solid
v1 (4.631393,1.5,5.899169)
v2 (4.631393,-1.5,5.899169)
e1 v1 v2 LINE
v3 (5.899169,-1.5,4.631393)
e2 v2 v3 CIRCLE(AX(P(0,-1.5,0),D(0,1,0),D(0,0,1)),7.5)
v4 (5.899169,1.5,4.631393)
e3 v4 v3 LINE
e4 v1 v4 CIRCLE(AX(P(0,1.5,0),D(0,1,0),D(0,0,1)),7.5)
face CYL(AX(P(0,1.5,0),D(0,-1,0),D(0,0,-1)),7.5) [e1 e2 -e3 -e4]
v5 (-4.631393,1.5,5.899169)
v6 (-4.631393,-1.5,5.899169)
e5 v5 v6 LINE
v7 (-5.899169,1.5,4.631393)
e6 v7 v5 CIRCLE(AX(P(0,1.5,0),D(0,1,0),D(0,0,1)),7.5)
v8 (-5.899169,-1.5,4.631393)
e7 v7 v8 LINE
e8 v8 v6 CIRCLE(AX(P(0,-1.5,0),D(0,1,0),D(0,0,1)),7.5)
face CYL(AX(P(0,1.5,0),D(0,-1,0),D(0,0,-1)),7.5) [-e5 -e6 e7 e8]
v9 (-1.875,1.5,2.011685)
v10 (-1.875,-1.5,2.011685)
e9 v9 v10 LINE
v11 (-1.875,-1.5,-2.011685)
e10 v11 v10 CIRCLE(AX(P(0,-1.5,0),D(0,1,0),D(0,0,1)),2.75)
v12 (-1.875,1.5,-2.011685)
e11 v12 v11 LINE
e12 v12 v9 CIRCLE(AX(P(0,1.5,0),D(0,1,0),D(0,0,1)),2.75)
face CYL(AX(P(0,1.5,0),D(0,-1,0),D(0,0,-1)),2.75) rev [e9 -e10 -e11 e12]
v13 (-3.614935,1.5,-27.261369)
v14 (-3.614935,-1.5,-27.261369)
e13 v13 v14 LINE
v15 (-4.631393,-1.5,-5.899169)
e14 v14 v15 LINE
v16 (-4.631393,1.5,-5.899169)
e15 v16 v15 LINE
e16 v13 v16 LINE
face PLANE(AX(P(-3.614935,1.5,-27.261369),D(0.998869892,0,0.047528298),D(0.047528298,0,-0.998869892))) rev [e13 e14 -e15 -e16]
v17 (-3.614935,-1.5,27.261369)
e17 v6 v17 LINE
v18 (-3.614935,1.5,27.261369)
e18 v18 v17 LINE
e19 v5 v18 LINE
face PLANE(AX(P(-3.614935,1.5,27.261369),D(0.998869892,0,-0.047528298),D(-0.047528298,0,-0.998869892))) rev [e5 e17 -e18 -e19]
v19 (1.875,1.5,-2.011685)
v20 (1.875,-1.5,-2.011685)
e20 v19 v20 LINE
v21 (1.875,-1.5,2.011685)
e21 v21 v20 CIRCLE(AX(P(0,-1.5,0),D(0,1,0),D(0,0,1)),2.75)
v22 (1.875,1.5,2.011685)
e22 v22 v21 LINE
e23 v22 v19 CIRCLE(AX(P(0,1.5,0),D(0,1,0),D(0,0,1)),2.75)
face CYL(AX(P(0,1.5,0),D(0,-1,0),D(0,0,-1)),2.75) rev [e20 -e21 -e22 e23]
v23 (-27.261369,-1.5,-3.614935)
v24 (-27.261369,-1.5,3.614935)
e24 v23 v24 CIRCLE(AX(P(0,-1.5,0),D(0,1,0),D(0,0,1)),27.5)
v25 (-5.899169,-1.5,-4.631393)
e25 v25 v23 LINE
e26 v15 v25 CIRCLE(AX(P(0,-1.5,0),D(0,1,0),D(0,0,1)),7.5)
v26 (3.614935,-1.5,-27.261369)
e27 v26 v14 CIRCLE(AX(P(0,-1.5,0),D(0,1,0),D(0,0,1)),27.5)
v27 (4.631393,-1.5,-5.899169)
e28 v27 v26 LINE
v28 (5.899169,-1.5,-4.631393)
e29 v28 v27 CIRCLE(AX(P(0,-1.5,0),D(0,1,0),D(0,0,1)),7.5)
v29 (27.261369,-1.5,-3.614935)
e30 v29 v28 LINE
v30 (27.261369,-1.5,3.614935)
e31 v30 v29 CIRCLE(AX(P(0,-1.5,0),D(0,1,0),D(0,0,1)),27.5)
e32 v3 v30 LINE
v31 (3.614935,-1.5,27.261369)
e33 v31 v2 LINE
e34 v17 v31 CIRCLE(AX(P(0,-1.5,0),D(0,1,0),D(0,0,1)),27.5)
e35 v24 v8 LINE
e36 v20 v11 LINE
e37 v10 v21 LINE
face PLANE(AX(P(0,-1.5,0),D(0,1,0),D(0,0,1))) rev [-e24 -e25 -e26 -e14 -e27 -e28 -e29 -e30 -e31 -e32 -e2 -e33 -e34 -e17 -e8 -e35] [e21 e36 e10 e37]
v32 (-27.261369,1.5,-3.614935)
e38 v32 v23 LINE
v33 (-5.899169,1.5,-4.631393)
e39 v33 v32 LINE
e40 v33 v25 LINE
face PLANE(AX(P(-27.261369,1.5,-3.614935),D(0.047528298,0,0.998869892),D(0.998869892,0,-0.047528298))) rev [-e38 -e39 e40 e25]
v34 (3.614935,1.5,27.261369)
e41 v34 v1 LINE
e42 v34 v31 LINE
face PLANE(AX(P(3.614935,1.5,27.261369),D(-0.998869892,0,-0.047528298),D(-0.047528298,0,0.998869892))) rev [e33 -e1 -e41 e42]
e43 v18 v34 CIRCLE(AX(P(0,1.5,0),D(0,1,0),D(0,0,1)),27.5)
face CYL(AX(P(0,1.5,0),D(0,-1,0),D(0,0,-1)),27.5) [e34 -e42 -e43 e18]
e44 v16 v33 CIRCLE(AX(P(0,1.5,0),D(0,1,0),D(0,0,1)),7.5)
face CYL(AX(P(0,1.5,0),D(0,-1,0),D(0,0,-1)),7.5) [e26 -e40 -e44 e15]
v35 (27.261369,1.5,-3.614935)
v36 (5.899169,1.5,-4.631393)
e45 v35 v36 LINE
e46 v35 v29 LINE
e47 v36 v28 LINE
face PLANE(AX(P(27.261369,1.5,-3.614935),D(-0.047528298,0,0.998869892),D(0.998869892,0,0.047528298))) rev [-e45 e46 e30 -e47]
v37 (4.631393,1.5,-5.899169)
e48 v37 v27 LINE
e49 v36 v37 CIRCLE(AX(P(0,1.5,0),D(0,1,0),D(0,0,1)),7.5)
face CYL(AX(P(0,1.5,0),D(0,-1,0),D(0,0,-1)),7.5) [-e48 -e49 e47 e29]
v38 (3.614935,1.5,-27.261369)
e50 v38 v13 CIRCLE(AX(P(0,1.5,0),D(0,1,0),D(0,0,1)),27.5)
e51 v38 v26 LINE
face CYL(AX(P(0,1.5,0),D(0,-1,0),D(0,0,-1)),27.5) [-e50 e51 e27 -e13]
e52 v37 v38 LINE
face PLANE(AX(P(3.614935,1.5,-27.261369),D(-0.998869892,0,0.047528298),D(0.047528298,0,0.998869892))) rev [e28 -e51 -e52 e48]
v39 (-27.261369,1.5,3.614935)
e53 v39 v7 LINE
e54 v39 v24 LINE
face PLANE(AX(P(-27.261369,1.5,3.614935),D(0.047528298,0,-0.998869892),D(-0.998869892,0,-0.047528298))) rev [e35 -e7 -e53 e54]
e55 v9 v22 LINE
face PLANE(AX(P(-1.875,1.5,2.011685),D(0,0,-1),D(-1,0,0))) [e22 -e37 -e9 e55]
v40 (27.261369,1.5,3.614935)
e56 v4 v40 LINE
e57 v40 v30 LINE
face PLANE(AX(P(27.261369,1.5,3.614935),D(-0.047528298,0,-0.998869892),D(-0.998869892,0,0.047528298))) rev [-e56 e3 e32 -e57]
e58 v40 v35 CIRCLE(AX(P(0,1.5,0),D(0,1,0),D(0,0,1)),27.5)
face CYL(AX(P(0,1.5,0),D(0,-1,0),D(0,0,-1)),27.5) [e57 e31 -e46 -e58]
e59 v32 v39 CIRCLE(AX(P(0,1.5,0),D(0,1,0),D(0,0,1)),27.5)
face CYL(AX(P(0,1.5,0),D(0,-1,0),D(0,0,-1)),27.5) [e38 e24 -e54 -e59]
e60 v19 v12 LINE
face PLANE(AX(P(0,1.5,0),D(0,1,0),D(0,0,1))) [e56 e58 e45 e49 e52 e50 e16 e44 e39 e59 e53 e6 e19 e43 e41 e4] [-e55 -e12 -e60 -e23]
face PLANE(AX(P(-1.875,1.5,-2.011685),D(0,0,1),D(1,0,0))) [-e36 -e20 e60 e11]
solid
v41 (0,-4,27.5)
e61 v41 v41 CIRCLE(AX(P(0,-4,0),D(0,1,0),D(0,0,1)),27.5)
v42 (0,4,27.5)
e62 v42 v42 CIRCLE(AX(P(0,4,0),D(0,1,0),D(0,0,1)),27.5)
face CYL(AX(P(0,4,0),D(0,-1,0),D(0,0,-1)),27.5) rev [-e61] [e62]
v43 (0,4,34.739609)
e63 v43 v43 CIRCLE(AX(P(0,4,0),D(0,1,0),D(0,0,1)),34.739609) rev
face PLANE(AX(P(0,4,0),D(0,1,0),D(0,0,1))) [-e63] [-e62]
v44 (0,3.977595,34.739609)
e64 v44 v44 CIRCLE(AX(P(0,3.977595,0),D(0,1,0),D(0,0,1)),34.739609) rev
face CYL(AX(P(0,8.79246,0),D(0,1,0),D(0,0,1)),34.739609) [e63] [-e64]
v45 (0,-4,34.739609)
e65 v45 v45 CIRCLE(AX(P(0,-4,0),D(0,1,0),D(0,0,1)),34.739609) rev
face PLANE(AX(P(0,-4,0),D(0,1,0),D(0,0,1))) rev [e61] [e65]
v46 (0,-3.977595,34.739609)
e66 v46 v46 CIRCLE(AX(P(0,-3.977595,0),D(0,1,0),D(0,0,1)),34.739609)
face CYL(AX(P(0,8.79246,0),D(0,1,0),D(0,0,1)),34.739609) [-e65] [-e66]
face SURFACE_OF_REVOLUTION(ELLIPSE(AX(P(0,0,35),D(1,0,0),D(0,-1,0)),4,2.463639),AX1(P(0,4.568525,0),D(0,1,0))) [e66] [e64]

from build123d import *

# Parameters (mm, degrees)
SKETCH1_R           = 35
SKETCH1_R_2         = 27.5
BOSS_EXTRUDE3_DEPTH = 4
BOSS_EXTRUDE4_DEPTH = 1.5
SKETCH6_W           = 1.276333044
SKETCH6_H           = 9.874787235


with BuildPart() as part:
    # Sketch1 → Boss-Extrude3 (new, symmetric)
    with BuildSketch(Plane(origin=(0, 0, 0), x_dir=(1, 0, 0), z_dir=(0, 1, 0))):
        with Locations(Location((0, 0, 0), (0, 0, 270))):
            Circle(SKETCH1_R)
        with Locations(Location((0, 0, 0), (0, 0, 270))):
            Circle(SKETCH1_R_2, mode=Mode.SUBTRACT)
    extrude(amount=BOSS_EXTRUDE3_DEPTH, both=True)

    # Sketch4 → Cut-Revolve2 (revolve, cut)
    with BuildSketch(Plane(origin=(0, 0, 0), x_dir=(0, 0, -1), z_dir=(1, 0, 0))):
        with BuildLine():
            Line((-35, 4), (-35, -4))
            add(Edge.make_bspline(
                [(-35, -4), (-32.536361471, -4), (-32.536361471, 0)],
                knots=[0, 0, 0, 1.570796327, 1.570796327, 1.570796327], degree=2, weights=[1, 0.707106781, 1]))
            add(Edge.make_bspline(
                [(-32.536361471, 0), (-32.536361471, 4), (-35, 4)],
                knots=[4.71238898, 4.71238898, 4.71238898, 6.283185307, 6.283185307, 6.283185307], degree=2, weights=[1, 0.707106781, 1]))
        make_face()
    revolve(axis=Axis((0, 4.568524564, 0), (0, -1, 0)), mode=Mode.SUBTRACT)

    # Sketch6 → Cut-Revolve3 (revolve, cut)
    with BuildSketch(Plane.XY, mode=Mode.PRIVATE) as cut_revolve3_sk:
        with Locations((-35.377775098, 0.321071025)):
            Rectangle(SKETCH6_W, SKETCH6_H)
    revolve(cut_revolve3_sk.sketch.rotate(Axis((0, 8.792459599, 0), (0, -1, 0)), 270), axis=Axis((0, 8.792459599, 0), (0, -1, 0)), mode=Mode.SUBTRACT)


with BuildPart() as body_2:
    # Sketch5 → Boss-Extrude4 (new, symmetric)
    with BuildSketch(Plane(origin=(0, 0, 0), x_dir=(1, 0, 0), z_dir=(0, 1, 0))):
        with BuildLine():
            Line((-3.614935254, 27.261369062), (-4.631392956, 5.899169373))
            ThreePointArc((-4.631392956, 5.899169373), (-5.303300859, 5.303300859), (-5.899169373, 4.631392956))
            Line((-5.899169373, 4.631392956), (-27.261369062, 3.614935254))
            ThreePointArc((-27.261369062, 3.614935254), (-27.5, 0), (-27.261369062, -3.614935254))
            Line((-27.261369062, -3.614935254), (-5.899169373, -4.631392956))
            ThreePointArc((-5.899169373, -4.631392956), (-5.303300859, -5.303300859), (-4.631392956, -5.899169373))
            Line((-4.631392956, -5.899169373), (-3.614935254, -27.261369062))
            ThreePointArc((-3.614935254, -27.261369062), (0, -27.5), (3.614935254, -27.261369062))
            Line((3.614935254, -27.261369062), (4.631392956, -5.899169373))
            ThreePointArc((4.631392956, -5.899169373), (5.303300859, -5.303300859), (5.899169373, -4.631392956))
            Line((5.899169373, -4.631392956), (27.261369062, -3.614935254))
            ThreePointArc((27.261369062, -3.614935254), (27.5, 0), (27.261369062, 3.614935254))
            Line((27.261369062, 3.614935254), (5.899169373, 4.631392956))
            ThreePointArc((5.899169373, 4.631392956), (5.303300859, 5.303300859), (4.631392956, 5.899169373))
            Line((4.631392956, 5.899169373), (3.614935254, 27.261369062))
            ThreePointArc((3.614935254, 27.261369062), (0, 27.5), (-3.614935254, 27.261369062))
        make_face()
        with BuildLine():
            Line((-1.875, 2.011684617), (1.875, 2.011684617))
            ThreePointArc((1.875, 2.011684617), (2.75, 0), (1.875, -2.011684617))
            Line((1.875, -2.011684617), (-1.875, -2.011684617))
            ThreePointArc((-1.875, -2.011684617), (-2.75, 0), (-1.875, 2.011684617))
        make_face(mode=Mode.SUBTRACT)
    extrude(amount=BOSS_EXTRUDE4_DEPTH, both=True)


solid = Compound([part.part, body_2.part])
